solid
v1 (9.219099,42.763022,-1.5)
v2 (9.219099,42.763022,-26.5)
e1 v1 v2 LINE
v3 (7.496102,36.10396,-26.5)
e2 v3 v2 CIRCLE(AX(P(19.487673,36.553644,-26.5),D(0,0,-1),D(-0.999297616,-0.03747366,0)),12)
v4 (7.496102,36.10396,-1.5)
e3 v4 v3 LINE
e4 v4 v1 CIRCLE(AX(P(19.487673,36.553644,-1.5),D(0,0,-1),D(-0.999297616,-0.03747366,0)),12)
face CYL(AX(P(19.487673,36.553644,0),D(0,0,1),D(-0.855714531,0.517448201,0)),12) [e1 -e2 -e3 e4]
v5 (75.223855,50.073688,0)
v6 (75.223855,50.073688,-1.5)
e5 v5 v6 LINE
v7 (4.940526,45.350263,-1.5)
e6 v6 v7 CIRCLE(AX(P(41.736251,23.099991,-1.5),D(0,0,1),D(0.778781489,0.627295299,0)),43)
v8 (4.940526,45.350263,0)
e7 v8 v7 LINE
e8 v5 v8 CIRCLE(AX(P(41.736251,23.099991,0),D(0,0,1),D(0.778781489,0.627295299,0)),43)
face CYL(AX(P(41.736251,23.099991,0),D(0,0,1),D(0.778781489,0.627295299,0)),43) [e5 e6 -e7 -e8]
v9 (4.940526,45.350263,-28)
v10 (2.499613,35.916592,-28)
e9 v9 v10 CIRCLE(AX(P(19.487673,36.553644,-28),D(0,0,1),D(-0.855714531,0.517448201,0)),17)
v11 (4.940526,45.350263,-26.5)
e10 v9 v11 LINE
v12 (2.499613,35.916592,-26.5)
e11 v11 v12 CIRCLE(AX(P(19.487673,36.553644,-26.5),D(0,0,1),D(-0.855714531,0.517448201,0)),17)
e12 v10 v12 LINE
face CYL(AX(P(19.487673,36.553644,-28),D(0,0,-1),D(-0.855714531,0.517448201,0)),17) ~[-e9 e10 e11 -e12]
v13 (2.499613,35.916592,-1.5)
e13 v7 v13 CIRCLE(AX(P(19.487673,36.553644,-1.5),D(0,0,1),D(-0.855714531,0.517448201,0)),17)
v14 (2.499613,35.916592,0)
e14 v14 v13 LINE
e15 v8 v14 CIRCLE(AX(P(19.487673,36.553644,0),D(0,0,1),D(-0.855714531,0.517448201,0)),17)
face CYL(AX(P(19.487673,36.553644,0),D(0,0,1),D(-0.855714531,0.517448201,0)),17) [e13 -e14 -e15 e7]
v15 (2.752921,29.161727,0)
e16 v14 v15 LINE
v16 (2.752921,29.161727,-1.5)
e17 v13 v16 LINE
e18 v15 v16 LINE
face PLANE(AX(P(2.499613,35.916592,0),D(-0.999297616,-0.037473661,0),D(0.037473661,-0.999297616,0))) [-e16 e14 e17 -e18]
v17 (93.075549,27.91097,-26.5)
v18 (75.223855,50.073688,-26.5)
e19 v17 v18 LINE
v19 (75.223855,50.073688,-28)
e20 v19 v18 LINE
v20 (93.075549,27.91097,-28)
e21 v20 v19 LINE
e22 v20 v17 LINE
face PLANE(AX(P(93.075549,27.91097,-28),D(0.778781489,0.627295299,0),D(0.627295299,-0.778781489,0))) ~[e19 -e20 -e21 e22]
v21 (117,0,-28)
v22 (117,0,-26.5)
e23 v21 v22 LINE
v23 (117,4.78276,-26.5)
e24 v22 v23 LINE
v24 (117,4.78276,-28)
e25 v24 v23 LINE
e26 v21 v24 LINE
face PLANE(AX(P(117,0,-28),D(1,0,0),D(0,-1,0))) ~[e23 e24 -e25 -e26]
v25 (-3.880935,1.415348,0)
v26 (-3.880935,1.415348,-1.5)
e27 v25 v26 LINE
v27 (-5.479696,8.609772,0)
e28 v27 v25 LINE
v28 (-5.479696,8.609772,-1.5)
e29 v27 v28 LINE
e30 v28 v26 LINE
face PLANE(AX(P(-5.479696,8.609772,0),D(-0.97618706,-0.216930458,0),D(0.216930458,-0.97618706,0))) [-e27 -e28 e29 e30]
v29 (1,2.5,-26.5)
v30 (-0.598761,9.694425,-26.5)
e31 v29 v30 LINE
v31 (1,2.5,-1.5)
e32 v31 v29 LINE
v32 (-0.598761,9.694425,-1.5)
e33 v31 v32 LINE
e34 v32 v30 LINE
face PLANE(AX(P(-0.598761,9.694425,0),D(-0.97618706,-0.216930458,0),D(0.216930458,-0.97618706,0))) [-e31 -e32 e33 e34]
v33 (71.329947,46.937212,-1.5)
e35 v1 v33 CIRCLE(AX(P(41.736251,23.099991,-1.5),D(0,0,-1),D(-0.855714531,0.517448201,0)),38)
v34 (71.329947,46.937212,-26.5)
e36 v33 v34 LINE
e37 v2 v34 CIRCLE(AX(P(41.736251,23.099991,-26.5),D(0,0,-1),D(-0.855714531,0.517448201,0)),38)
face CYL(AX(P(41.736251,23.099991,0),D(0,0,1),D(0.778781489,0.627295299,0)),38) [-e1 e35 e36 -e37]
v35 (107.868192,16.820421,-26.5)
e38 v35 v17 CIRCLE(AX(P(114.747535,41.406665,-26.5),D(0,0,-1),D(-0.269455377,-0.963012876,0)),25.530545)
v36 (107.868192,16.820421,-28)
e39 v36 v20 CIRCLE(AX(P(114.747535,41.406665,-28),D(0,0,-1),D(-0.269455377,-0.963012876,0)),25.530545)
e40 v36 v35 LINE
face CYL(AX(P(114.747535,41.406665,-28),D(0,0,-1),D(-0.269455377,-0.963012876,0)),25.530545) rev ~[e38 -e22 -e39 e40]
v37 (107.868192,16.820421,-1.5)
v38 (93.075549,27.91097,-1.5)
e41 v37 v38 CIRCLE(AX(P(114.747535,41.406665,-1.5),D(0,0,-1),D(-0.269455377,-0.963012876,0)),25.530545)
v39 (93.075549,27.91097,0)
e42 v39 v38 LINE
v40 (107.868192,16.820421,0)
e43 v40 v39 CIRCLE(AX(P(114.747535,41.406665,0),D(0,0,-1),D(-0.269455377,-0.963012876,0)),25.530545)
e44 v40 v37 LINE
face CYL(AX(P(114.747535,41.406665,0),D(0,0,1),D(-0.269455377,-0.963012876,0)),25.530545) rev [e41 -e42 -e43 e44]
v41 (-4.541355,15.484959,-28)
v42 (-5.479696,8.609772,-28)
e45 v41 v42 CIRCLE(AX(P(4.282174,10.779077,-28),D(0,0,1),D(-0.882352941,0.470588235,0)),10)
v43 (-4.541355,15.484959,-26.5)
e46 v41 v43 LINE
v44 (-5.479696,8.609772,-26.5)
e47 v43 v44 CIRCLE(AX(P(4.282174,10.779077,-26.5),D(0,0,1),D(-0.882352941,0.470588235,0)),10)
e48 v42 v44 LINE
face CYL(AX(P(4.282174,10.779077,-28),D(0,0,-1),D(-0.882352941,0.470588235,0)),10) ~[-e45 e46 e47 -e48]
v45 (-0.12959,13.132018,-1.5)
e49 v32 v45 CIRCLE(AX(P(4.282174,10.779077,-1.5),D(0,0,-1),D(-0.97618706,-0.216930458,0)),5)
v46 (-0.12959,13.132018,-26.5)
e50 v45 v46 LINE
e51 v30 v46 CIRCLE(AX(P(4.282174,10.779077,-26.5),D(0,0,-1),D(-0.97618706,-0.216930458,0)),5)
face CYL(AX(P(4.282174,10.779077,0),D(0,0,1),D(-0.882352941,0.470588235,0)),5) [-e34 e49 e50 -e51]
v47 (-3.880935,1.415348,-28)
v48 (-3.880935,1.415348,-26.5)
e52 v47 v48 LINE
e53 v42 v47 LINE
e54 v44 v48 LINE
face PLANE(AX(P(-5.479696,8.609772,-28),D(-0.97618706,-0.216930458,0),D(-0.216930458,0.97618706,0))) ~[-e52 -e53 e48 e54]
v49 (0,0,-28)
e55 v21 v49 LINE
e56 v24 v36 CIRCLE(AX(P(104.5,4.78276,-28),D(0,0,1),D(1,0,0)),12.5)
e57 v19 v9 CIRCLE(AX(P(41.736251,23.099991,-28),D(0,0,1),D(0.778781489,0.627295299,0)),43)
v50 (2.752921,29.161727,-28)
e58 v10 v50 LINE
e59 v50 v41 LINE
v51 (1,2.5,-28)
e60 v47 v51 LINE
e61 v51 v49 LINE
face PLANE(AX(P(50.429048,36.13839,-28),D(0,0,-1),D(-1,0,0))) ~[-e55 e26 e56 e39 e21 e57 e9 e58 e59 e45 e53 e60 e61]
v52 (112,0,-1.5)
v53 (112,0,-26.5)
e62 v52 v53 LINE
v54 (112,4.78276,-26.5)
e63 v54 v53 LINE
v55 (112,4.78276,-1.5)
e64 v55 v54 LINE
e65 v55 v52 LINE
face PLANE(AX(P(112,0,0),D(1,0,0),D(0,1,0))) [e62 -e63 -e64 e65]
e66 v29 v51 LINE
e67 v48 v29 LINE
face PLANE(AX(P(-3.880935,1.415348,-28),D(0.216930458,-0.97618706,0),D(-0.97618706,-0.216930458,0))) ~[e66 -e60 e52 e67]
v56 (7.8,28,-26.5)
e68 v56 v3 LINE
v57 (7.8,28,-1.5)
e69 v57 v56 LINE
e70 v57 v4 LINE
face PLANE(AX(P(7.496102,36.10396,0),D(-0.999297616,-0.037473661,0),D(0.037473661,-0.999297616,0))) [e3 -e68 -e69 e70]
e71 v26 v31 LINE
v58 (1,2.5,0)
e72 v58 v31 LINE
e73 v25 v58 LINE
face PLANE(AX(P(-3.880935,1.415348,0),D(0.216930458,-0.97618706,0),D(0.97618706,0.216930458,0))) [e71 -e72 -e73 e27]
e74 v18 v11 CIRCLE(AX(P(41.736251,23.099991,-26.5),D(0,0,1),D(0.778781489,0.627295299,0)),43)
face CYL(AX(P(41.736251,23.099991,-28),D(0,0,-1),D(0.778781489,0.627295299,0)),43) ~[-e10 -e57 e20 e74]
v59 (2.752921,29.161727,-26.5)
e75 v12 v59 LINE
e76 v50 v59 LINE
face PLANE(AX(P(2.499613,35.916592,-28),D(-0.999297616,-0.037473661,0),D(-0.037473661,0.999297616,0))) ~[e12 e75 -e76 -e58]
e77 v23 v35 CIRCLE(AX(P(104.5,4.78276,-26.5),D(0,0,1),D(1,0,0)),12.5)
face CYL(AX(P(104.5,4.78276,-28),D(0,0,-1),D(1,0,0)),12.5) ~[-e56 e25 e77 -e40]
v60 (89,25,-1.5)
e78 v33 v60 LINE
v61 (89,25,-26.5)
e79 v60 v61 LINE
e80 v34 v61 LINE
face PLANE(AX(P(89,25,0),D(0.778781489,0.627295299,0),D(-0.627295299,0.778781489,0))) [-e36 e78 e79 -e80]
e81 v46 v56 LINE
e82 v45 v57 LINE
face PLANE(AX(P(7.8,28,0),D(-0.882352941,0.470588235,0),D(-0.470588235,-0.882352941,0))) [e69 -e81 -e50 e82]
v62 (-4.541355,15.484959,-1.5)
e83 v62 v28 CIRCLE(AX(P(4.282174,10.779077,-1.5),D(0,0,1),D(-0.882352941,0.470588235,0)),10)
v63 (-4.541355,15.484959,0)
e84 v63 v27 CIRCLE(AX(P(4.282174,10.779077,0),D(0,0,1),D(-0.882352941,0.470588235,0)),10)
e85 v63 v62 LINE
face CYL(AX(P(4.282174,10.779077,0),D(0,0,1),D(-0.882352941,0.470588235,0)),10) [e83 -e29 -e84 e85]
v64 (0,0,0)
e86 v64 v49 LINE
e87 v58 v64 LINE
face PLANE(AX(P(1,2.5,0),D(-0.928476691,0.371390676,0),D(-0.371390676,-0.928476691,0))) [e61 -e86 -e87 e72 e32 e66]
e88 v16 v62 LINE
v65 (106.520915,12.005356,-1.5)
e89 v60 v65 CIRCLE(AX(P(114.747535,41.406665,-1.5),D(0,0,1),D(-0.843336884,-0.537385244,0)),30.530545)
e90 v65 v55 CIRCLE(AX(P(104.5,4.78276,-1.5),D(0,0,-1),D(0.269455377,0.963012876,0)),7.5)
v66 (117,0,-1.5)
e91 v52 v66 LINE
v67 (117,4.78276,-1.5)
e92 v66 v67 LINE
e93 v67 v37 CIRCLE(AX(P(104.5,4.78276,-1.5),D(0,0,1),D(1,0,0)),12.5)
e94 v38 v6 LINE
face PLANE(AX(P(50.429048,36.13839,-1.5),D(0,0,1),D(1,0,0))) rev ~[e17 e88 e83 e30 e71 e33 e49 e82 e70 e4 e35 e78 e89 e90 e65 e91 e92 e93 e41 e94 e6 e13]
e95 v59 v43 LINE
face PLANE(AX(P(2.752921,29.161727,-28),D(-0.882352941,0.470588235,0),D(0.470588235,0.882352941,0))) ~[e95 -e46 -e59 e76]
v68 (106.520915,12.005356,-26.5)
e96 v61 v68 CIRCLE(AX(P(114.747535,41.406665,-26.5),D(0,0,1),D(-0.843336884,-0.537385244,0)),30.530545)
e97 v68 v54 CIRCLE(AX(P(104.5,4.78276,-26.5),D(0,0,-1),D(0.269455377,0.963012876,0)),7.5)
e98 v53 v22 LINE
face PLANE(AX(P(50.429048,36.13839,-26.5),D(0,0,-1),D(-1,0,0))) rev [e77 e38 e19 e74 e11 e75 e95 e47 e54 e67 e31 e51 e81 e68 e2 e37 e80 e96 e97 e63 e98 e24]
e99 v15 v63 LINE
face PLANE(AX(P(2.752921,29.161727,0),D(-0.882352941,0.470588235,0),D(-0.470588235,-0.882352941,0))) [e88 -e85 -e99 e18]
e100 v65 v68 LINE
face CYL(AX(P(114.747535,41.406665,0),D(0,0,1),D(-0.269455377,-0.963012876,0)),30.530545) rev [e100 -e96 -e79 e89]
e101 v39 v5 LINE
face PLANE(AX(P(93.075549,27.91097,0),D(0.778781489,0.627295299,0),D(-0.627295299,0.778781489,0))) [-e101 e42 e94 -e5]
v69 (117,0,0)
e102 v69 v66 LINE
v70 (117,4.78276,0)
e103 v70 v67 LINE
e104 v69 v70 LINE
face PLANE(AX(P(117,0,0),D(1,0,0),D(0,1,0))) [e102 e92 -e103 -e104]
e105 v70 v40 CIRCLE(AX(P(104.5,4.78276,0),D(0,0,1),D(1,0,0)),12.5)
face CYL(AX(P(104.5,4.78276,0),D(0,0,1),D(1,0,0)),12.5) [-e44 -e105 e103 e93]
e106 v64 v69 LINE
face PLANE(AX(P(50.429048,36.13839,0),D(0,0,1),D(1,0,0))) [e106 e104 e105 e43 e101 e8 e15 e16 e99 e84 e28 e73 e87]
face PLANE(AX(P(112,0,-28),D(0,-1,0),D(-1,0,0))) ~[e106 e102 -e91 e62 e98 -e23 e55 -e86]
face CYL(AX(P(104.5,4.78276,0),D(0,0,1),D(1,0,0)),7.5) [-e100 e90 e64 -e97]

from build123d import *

# Parameters (mm, degrees)
AUFSATZ_LINEAR_AUSTRAGEN1_DEPTH = 28
AUFSATZ_LINEAR_AUSTRAGEN2_DEPTH = 1.5


with BuildPart() as part:
    # Skizze2 → Aufsatz-Linear austragen1 (new body)
    with BuildSketch(Plane.XY):
        with BuildLine():
            Line((0, 0), (112, 0))
            Line((112, 0), (112, 4.782759721))
            ThreePointArc((112, 4.782759721), (110.475234931, 9.315591895), (106.520915328, 12.005356293))
            ThreePointArc((106.520915328, 12.005356293), (96.560287053, 16.884466202), (89, 25))
            Line((89, 25), (71.329947288, 46.937212002))
            ThreePointArc((71.329947288, 46.937212002), (39.188190047, 61.014465273), (9.219098516, 42.763022288))
            ThreePointArc((9.219098516, 42.763022288), (7.87025923, 39.559587955), (7.496101502, 36.103959945))
            Line((7.496101502, 36.103959945), (7.8, 28))
            Line((7.8, 28), (-0.129590409, 13.132017983))
            ThreePointArc((-0.129590409, 13.132017983), (-0.671897822, 11.455219867), (-0.598761004, 9.694424518))
            Line((-0.598761004, 9.694424518), (1, 2.5))
            Line((1, 2.5), (0, 0))
        make_face()
    extrude(amount=-AUFSATZ_LINEAR_AUSTRAGEN1_DEPTH)

    # Skizze3 → Aufsatz-Linear austragen2 (add)
    with BuildSketch(Plane.XY):
        with BuildLine():
            Line((93.075548833, 27.910970342), (75.223854733, 50.073688497))
            ThreePointArc((75.223854733, 50.073688497), (38.852918908, 66.003211935), (4.94052586, 45.350263295))
            ThreePointArc((4.94052586, 45.350263295), (3.029670204, 40.812064656), (2.499613424, 35.916591642))
            Line((2.499613424, 35.916591642), (2.752920862, 29.161726616))
            Line((2.752920862, 29.161726616), (-4.541355115, 15.48495916))
            ThreePointArc((-4.541355115, 15.48495916), (-5.625969942, 12.131362926), (-5.479696305, 8.609772229))
            Line((-5.479696305, 8.609772229), (-3.880935301, 1.415347711))
            Line((-3.880935301, 1.415347711), (1, 2.5))
            Line((1, 2.5), (-0.598761004, 9.694424518))
            ThreePointArc((-0.598761004, 9.694424518), (-0.671897822, 11.455219867), (-0.129590409, 13.132017983))
            Line((-0.129590409, 13.132017983), (7.8, 28))
            Line((7.8, 28), (7.496101502, 36.103959945))
            ThreePointArc((7.496101502, 36.103959945), (7.87025923, 39.559587955), (9.219098516, 42.763022288))
            ThreePointArc((9.219098516, 42.763022288), (39.188190047, 61.014465273), (71.329947288, 46.937212002))
            Line((71.329947288, 46.937212002), (89, 25))
            ThreePointArc((89, 25), (96.560287053, 16.884466202), (106.520915328, 12.005356293))
            ThreePointArc((106.520915328, 12.005356293), (110.475234931, 9.315591895), (112, 4.782759721))
            Line((112, 4.782759721), (112, 0))
            Line((112, 0), (117, 0))
            Line((117, 0), (117, 4.782759721))
            ThreePointArc((117, 4.782759721), (114.458724885, 12.337480011), (107.868192213, 16.820420674))
            ThreePointArc((107.868192213, 16.820420674), (99.43268373, 20.97962177), (93.075548833, 27.910970342))
        make_face()
    aufsatz_linear_austragen2 = extrude(amount=-AUFSATZ_LINEAR_AUSTRAGEN2_DEPTH)

    # Spiegeln1: Aufsatz-Linear austragen2 across plane
    add(aufsatz_linear_austragen2.mirror(Plane.XY.offset(-14)))


solid = part.part
